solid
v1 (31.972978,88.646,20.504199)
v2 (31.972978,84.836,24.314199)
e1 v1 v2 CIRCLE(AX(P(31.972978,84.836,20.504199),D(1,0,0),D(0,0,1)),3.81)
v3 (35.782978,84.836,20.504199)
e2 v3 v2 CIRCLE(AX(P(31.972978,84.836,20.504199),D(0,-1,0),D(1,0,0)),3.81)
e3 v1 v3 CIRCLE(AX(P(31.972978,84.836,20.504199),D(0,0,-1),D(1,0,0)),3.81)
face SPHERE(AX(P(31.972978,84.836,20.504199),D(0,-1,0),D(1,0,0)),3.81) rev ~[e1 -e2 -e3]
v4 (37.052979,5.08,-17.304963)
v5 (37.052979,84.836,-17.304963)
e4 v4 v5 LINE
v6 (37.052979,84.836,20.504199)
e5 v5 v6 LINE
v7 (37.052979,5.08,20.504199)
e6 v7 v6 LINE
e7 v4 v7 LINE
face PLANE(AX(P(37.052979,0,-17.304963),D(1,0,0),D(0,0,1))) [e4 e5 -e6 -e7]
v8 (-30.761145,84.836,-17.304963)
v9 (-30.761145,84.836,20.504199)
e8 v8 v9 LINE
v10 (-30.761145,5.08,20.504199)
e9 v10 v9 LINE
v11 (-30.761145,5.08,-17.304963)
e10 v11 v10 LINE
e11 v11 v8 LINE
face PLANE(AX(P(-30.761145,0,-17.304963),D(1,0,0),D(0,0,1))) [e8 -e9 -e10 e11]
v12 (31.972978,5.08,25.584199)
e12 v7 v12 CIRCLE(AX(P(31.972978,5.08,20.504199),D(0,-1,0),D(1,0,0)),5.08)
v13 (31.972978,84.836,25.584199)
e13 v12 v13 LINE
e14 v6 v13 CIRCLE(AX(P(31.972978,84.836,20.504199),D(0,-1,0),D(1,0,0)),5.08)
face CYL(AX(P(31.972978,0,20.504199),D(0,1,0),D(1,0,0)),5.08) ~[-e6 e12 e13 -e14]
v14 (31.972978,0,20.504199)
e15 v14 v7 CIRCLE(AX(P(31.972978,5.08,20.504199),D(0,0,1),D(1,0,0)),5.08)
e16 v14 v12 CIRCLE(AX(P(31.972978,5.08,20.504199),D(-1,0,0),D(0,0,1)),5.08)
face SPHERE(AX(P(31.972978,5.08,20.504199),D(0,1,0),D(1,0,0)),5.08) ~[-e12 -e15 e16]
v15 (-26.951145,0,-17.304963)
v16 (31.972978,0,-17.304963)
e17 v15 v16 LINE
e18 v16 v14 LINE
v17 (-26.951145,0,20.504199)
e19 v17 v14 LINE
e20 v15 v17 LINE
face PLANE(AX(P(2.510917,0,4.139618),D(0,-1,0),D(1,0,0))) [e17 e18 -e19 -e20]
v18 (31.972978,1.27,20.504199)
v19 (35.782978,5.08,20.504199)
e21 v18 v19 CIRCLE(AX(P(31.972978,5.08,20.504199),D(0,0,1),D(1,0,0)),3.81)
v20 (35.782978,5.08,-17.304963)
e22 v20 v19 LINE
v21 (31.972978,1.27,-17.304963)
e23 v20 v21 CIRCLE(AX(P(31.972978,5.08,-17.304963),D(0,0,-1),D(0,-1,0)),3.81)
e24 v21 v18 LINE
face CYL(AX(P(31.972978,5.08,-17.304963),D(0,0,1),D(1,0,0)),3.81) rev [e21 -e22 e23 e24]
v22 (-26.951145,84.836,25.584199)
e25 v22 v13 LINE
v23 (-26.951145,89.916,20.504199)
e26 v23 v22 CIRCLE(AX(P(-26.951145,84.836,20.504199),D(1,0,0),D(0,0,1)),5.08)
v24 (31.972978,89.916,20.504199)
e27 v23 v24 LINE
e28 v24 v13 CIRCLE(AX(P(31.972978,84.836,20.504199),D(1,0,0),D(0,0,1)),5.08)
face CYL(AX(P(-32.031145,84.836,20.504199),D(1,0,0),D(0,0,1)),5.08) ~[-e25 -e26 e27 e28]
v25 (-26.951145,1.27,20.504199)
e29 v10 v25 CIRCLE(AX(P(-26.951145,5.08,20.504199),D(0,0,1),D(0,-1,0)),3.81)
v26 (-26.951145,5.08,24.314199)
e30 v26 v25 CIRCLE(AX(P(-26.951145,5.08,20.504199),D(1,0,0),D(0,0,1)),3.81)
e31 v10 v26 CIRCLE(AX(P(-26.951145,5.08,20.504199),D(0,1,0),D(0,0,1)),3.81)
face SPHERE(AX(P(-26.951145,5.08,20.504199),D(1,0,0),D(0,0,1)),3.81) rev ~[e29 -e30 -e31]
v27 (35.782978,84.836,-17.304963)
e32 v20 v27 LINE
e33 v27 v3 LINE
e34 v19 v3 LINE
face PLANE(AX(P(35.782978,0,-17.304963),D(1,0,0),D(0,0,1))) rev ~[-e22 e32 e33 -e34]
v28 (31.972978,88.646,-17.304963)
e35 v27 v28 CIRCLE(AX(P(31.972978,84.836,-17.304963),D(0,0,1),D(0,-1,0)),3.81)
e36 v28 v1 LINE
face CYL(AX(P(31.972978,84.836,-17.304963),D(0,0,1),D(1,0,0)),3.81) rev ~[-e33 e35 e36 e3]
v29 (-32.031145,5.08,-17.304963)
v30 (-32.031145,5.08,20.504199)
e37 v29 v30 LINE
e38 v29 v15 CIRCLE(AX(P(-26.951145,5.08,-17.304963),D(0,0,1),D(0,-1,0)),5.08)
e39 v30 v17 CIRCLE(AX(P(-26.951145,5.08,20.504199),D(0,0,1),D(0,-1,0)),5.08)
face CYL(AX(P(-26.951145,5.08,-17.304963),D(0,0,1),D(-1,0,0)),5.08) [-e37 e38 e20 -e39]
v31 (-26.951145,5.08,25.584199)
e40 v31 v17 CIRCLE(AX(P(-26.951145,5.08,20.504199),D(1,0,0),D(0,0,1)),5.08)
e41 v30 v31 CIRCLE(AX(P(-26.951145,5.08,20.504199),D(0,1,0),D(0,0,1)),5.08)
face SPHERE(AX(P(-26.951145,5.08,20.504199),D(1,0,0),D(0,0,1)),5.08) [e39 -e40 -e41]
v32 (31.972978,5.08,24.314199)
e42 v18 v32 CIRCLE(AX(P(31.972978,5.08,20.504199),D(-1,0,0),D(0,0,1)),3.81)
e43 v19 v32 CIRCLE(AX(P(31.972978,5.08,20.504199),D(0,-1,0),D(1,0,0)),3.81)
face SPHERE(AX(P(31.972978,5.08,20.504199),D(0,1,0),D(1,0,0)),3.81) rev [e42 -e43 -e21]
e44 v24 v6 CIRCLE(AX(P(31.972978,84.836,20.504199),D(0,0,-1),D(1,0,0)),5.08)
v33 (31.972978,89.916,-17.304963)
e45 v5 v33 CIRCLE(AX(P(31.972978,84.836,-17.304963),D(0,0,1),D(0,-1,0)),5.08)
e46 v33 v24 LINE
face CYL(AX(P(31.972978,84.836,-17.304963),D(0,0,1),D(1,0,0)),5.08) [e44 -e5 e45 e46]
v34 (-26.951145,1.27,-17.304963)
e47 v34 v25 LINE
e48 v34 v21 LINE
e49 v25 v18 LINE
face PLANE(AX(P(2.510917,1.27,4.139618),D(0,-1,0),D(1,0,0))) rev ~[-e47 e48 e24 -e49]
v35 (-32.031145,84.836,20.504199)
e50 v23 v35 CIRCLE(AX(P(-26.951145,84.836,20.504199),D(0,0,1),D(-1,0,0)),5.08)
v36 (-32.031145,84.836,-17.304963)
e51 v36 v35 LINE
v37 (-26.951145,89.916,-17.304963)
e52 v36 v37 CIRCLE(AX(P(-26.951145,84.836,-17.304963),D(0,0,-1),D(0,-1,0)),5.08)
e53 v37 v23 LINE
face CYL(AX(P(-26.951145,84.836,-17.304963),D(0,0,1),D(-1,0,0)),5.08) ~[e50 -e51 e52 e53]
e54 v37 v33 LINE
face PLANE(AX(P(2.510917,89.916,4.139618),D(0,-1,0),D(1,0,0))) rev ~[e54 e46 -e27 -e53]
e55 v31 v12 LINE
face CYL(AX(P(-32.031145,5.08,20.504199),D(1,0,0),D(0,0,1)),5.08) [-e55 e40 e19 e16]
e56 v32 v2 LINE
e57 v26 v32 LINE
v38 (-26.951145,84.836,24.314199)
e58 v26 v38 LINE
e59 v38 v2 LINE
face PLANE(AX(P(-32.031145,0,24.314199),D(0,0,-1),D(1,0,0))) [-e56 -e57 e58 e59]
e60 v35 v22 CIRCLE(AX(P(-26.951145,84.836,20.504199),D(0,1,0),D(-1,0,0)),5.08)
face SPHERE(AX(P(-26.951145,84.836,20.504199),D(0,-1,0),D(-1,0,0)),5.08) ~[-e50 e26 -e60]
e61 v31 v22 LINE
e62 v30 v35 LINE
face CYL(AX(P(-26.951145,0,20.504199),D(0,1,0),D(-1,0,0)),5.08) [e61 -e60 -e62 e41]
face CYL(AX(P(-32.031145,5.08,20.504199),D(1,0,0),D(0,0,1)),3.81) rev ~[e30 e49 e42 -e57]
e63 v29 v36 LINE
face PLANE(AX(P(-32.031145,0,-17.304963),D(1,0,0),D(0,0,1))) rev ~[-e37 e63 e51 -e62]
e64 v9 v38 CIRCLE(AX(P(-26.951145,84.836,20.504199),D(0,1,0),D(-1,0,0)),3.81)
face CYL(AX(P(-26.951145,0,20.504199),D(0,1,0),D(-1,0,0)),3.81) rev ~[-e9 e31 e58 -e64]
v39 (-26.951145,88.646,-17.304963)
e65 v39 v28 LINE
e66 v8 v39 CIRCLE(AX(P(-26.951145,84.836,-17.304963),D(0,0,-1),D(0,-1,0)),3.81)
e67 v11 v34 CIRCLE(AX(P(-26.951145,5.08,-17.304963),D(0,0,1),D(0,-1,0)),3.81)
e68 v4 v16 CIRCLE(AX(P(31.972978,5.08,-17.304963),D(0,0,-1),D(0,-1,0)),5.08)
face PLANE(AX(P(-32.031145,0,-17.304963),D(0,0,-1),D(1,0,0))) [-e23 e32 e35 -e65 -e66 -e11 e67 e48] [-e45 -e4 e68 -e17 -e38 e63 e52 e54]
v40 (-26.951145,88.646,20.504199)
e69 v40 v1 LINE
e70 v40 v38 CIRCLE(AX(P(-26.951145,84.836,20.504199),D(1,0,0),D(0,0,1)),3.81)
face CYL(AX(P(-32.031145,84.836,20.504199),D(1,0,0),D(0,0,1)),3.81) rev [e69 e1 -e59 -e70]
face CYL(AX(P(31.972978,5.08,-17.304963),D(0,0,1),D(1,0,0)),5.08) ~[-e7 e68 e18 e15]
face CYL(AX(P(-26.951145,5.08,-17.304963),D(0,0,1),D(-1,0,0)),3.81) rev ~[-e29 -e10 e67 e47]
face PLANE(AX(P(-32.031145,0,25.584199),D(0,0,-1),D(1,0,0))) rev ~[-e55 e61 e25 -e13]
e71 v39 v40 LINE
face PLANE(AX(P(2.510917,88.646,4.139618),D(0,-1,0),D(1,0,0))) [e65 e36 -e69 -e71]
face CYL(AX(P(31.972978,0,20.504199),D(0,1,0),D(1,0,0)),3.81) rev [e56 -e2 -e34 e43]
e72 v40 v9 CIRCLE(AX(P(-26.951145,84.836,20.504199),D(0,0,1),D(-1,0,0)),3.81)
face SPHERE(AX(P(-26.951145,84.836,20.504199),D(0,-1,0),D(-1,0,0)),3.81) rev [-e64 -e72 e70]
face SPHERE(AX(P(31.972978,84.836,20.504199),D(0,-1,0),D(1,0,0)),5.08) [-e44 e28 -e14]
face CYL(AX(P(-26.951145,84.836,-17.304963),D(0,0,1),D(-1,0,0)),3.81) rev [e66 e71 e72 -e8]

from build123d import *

# Parameters (mm, degrees)
F0_W     = 69.084123
F0_H     = 42.889162
F1_DEPTH = 89.916
F2_R     = 5.08
F3_T     = -1.27


with BuildPart() as f1:
    # F0 (on Front) → F1 (new body)
    with BuildSketch(Plane.XZ):
        with Locations((2.510917, 4.139618)):
            Rectangle(F0_W, F0_H)
    extrude(amount=-F1_DEPTH)

    # F2
    f2_edges = [f1.edges().sort_by_distance(p)[0] for p in [
        (37.052978, 44.958, 25.584199),
        (37.052978, 0, 4.139618),
        (2.510916, 0, 25.584199),
        (-32.031145, 44.958, 25.584199),
        (-32.031145, 0, 4.139618),
        (-32.031145, 89.916, 4.139618),
        (37.052978, 89.916, 4.139618),
        (2.510916, 89.916, 25.584199),
    ]]
    fillet(f2_edges, radius=F2_R)

    # F3
    f3_openings = [f1.faces().sort_by_distance(p)[0] for p in [
        (2.510916, 44.958, -17.304963),
    ]]
    offset(amount=F3_T, openings=f3_openings)


solid = f1.part
